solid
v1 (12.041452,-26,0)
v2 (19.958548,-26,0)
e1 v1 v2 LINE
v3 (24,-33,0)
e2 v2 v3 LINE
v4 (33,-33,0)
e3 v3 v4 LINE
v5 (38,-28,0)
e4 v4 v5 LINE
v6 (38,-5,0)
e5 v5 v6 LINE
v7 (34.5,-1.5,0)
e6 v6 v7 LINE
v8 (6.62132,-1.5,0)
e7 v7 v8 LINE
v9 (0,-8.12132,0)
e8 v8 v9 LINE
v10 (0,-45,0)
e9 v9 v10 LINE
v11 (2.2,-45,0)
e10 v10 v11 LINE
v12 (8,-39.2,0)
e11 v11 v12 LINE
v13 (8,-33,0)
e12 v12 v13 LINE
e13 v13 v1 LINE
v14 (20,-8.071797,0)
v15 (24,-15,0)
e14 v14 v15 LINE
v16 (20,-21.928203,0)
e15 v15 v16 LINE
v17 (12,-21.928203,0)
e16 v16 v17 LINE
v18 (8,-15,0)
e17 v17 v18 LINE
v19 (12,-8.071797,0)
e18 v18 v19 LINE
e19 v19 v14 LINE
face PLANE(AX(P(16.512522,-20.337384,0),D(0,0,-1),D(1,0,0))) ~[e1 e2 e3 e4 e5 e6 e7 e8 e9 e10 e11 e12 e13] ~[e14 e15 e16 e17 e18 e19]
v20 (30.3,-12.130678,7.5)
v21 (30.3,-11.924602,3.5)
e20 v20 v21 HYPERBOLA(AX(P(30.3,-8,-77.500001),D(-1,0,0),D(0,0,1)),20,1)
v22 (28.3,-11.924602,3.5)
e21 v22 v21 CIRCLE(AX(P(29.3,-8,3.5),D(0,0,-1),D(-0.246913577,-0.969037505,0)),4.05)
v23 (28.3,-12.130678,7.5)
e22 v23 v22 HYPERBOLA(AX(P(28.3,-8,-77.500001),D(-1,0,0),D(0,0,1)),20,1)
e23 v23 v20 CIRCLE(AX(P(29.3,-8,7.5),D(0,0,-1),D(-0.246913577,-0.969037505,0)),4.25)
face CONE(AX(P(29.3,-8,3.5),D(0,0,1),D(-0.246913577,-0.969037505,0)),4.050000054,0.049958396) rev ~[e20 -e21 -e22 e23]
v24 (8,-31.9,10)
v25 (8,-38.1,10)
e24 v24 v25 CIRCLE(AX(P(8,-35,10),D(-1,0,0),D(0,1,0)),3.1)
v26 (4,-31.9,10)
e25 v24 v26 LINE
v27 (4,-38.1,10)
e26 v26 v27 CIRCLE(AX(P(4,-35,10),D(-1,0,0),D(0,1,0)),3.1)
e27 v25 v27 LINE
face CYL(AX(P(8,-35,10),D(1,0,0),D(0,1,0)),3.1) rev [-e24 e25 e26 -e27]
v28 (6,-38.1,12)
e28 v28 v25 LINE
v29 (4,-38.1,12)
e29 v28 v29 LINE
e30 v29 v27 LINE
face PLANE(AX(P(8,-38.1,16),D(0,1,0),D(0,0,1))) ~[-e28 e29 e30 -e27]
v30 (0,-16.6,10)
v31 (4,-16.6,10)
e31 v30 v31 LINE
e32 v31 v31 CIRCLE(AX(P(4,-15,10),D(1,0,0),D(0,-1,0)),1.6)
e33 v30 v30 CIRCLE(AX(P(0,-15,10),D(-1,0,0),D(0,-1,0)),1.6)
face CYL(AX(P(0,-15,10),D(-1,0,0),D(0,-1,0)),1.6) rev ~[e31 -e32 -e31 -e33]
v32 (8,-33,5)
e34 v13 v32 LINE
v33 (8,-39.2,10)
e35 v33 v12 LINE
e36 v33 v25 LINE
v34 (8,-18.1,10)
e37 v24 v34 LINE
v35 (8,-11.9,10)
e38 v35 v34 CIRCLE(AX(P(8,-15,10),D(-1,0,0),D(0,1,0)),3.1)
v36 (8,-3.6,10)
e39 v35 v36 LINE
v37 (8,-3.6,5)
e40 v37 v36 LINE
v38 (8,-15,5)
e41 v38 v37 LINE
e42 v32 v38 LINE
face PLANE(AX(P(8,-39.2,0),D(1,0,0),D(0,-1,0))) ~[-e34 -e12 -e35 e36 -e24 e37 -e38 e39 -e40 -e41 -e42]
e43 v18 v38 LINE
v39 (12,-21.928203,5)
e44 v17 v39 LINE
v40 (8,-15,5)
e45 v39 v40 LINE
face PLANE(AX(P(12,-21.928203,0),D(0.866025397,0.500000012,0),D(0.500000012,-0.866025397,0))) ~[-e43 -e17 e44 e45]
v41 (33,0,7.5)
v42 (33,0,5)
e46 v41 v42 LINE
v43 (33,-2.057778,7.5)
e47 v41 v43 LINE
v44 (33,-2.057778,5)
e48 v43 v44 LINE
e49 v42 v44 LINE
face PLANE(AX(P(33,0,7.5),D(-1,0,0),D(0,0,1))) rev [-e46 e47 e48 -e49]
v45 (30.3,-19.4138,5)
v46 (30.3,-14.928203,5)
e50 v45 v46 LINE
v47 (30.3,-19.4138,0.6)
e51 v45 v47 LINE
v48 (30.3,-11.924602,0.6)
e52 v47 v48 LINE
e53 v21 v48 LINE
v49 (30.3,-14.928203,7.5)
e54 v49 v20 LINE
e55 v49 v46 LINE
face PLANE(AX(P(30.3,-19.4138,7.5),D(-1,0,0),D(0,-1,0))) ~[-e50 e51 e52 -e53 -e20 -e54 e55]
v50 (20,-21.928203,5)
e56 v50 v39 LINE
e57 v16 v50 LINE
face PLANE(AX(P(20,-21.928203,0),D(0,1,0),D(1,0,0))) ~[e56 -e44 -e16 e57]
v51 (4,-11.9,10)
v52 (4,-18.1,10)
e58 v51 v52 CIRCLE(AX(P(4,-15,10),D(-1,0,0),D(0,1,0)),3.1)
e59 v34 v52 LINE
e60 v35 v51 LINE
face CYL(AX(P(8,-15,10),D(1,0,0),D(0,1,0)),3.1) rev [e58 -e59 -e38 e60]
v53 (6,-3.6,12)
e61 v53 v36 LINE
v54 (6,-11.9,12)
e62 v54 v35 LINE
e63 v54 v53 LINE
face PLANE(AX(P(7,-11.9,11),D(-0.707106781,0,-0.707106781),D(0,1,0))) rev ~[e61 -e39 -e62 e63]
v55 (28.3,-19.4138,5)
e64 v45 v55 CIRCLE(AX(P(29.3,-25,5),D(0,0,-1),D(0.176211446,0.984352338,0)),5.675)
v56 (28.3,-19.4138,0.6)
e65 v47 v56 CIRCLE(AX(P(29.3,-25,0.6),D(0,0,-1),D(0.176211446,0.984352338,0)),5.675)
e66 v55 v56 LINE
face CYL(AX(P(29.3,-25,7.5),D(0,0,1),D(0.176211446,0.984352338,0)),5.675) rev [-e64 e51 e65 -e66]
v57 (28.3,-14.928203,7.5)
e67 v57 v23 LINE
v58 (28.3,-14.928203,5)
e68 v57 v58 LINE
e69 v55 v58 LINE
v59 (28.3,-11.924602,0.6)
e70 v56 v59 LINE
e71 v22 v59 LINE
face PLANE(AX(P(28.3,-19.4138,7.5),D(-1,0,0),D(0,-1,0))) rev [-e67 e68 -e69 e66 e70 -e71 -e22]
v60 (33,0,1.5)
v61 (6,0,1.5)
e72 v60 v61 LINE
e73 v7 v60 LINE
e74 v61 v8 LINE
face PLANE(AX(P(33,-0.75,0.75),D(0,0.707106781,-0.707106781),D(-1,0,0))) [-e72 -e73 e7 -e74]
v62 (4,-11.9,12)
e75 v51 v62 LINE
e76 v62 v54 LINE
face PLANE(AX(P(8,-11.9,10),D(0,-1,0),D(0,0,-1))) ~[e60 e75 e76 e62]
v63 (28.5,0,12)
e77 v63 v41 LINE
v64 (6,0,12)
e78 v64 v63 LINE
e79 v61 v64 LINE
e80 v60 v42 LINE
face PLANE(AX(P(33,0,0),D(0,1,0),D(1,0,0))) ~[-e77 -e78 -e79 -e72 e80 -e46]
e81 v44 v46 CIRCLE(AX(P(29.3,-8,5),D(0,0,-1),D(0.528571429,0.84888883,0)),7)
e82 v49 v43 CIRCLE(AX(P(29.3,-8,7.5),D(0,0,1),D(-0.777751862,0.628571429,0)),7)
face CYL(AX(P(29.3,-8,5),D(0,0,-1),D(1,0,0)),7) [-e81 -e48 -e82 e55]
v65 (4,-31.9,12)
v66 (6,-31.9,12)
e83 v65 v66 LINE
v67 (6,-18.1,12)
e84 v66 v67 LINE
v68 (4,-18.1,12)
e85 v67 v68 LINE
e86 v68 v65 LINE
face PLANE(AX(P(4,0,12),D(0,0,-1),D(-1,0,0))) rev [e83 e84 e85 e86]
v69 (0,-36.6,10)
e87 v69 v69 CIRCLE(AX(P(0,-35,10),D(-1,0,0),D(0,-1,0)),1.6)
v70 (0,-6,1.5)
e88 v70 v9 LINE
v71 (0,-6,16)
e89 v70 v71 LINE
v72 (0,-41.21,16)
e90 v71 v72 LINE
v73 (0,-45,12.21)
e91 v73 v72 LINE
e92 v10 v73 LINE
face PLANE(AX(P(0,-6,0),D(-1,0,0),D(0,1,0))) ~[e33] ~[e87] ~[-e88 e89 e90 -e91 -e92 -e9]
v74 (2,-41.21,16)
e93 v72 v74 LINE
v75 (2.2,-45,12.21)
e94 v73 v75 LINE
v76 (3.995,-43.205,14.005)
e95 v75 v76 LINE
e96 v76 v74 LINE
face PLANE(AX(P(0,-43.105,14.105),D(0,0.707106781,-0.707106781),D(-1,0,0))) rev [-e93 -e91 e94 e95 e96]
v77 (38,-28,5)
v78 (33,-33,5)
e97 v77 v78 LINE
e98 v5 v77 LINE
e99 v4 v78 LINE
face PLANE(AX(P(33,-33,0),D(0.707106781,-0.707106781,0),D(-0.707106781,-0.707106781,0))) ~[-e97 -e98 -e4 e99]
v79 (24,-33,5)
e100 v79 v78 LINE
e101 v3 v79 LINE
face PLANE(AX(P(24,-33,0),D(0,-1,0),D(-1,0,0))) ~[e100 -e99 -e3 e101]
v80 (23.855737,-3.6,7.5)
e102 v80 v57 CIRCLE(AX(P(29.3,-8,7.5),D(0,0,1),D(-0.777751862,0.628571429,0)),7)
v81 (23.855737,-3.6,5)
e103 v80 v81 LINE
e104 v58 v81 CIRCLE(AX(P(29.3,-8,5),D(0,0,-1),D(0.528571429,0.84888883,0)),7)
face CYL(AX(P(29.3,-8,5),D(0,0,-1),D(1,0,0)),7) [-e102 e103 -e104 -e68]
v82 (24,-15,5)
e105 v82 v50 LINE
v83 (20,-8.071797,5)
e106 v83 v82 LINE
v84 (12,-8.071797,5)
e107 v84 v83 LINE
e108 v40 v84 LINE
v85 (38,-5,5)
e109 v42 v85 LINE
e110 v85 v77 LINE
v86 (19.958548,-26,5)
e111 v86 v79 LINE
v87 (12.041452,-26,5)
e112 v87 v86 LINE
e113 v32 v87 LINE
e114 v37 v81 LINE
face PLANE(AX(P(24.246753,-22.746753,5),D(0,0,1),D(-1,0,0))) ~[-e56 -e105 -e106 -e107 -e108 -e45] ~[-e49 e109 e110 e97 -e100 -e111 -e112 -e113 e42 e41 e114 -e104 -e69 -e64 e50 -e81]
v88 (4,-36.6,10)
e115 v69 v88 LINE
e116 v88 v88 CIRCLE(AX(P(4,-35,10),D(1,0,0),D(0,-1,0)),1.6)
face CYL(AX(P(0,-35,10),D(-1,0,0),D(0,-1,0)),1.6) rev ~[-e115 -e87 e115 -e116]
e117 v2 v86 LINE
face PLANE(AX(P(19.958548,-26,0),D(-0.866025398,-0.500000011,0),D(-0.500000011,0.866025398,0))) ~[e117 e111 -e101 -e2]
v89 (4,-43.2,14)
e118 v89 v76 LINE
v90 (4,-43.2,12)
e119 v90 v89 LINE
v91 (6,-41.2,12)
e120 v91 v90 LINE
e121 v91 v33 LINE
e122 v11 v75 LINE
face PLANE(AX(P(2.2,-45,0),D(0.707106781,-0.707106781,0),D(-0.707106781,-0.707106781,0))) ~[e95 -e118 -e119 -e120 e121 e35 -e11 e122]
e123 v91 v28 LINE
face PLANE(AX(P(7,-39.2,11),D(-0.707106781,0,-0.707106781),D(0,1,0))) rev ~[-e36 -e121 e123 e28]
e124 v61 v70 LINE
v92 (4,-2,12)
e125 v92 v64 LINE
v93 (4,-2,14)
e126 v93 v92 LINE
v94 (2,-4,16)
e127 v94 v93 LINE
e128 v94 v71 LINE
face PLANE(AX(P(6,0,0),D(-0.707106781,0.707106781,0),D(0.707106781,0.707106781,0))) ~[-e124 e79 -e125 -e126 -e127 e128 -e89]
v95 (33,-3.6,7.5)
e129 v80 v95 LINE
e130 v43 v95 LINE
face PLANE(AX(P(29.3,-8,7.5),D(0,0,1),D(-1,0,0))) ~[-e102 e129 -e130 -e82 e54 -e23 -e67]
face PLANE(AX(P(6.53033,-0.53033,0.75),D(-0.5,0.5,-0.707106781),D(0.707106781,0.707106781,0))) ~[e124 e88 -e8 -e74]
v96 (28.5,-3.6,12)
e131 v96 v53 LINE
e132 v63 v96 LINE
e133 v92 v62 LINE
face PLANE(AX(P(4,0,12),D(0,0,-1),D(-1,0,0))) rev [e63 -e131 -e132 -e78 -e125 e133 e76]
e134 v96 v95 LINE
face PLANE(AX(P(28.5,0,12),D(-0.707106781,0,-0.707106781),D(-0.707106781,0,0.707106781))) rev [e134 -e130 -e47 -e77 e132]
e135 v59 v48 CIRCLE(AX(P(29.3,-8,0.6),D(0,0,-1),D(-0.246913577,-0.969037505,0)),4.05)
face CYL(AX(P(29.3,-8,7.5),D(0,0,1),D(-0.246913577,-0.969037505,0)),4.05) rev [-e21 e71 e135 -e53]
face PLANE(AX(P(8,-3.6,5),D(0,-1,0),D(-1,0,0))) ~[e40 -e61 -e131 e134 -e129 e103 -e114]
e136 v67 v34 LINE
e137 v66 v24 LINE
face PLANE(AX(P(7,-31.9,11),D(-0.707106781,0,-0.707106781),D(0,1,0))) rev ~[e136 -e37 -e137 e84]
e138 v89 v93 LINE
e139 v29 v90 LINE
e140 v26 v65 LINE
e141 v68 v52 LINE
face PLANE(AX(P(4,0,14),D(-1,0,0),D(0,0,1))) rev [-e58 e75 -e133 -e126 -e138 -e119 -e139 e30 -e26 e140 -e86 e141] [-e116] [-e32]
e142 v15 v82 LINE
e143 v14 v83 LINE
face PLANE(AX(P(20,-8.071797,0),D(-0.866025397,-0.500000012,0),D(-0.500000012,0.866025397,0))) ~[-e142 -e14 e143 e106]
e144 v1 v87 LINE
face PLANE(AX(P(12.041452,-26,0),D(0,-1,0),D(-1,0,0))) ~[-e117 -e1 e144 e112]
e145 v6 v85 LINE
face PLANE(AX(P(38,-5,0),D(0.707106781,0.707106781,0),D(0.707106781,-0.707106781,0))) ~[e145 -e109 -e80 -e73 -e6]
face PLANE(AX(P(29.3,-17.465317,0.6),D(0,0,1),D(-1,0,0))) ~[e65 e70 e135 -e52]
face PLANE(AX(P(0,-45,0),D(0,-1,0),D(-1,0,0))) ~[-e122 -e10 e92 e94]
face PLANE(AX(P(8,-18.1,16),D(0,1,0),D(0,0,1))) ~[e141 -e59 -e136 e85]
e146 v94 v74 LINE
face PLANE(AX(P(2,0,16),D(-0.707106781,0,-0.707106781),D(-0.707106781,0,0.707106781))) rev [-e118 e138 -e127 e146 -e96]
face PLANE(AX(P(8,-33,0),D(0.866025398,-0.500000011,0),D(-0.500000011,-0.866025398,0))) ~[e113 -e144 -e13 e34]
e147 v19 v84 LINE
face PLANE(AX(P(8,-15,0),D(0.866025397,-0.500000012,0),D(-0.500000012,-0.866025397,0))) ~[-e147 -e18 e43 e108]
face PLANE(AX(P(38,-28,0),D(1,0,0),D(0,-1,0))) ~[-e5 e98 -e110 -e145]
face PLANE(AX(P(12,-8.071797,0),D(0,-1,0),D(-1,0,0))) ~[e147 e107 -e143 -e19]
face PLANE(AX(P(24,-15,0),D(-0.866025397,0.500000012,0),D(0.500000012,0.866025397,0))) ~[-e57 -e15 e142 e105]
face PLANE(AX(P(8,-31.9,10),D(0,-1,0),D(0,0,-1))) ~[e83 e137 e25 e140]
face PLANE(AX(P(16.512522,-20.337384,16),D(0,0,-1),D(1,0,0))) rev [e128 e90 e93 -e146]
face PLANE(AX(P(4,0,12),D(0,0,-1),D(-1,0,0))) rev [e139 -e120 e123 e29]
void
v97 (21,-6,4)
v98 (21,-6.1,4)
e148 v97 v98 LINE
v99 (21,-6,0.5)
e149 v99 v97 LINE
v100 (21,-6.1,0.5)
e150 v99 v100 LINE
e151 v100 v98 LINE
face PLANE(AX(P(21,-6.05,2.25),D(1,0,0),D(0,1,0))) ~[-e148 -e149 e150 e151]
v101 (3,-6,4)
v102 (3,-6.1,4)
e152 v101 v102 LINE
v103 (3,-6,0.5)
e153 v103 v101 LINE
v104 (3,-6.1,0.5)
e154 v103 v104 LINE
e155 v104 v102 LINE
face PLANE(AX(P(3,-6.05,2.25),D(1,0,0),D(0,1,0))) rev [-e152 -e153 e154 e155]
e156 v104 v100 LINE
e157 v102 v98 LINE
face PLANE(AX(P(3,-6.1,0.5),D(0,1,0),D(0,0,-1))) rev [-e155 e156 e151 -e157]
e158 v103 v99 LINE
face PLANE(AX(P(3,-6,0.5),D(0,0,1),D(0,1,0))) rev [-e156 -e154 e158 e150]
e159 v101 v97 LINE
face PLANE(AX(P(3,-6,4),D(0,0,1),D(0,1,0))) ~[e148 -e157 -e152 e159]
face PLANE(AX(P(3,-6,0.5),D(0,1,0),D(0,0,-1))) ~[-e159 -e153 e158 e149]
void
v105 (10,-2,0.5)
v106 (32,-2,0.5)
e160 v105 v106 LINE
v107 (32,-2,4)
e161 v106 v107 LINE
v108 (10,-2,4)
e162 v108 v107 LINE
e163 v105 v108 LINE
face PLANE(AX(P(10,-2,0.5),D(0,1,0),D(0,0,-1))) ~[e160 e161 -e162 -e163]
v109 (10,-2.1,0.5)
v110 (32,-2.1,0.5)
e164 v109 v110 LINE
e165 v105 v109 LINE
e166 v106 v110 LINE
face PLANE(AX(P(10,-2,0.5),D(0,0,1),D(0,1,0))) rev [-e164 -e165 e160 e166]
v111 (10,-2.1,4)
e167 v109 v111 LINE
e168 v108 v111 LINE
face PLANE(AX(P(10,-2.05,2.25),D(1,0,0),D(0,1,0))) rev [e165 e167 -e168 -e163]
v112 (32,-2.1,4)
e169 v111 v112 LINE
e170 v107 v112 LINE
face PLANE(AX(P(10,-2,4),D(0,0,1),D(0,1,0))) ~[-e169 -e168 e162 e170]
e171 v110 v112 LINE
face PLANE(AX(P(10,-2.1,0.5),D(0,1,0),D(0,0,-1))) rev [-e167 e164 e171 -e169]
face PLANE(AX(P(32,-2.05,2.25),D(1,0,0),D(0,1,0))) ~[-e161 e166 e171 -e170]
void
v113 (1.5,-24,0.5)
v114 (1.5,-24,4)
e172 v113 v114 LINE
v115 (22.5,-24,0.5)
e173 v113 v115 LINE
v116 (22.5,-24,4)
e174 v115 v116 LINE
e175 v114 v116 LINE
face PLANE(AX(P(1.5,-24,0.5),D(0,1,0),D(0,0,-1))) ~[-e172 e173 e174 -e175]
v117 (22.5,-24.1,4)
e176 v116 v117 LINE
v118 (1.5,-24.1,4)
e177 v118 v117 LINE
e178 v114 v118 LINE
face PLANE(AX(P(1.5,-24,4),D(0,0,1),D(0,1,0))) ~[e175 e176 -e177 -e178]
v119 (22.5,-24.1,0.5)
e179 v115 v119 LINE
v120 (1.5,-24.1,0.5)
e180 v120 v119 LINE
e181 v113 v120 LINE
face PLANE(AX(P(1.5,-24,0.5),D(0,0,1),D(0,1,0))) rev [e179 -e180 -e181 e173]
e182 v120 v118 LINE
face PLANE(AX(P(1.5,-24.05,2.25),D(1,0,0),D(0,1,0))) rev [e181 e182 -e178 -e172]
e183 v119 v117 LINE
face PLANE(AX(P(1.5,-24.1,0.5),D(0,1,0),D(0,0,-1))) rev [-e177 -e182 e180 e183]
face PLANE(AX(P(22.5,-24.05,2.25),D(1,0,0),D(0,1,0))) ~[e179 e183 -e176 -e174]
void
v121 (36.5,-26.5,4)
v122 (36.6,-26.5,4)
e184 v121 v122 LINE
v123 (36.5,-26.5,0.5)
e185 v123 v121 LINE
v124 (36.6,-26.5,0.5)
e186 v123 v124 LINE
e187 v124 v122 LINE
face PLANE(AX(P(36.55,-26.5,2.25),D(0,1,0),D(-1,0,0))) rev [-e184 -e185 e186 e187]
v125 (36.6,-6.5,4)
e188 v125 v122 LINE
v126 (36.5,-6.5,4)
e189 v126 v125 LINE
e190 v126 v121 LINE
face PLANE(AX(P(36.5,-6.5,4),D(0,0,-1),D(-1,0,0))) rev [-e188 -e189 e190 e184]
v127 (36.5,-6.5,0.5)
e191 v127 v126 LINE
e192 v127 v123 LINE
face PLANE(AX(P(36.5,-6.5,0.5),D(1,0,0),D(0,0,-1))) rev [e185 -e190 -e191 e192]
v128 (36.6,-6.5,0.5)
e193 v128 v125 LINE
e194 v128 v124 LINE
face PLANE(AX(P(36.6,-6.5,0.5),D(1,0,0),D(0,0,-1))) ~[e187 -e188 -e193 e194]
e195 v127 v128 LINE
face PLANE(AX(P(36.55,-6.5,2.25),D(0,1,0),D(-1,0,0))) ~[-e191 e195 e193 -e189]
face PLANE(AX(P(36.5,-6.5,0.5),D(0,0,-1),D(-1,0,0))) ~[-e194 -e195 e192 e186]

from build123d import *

# Parameters (mm, degrees)
PAD_DEPTH        = 16
POCKET_DEPTH     = 45.001
POCKET001_DEPTH  = 11.001
SKETCH003_R      = 7
PAD001_DEPTH     = 2.5
POCKET002_DEPTH  = 6.9
SKETCH005_R      = 1.6
POCKET003_DEPTH  = 38.001
POCKET004_DEPTH  = 4
CHAMFER_SIZE     = 2
CHAMFER001_SIZE  = 3.79
CHAMFER002_SIZE  = 1.5
CHAMFER003_SIZE2 = 4
CHAMFER003_SIZE  = 0.2
SKETCH007_W      = 0.1
SKETCH007_H      = 3.5
POCKET005_DEPTH  = 21
SKETCH008_W      = 0.1
SKETCH008_H      = 3.5
POCKET006_DEPTH  = 18
SKETCH009_W      = 0.1
SKETCH009_H      = 3.5
POCKET007_DEPTH  = 22
SKETCH010_W      = 0.1
SKETCH010_H      = 3.5
POCKET008_DEPTH  = 20


with BuildPart() as body001:
    # Sketch → Pad (new body)
    with BuildSketch(Plane.XY):
        Polygon((0, 45), (2.2, 45), (8, 39.2), (8, 33), (12.041452, 26), (19.958548, 26), (24, 33), (33, 33), (38, 28), (38, 5), (33, 0), (6, 0), (0, 6), align=None)
        Polygon((20, 21.928203), (12, 21.928203), (8, 15), (12, 8.071797), (20, 8.071797), (24, 15), align=None, mode=Mode.SUBTRACT)
    extrude(amount=PAD_DEPTH)

    # Sketch001 → Pocket (cut, through all)
    with BuildSketch(Plane.XZ):
        Polygon((0, 16), (2, 16), (4, 14), (4, 12), (28.5, 12), (33, 7.5), (33, 5), (39, 5), (39, 17), (0, 17), align=None)
    extrude(amount=-POCKET_DEPTH, mode=Mode.SUBTRACT)

    # Sketch002 → Pocket001 (cut, through all)
    with BuildSketch(Plane.XY.offset(5)):
        Polygon((8, 45), (8, 3.6), (33, 3.6), (33, -1), (39, -1), (39, 45), align=None)
    extrude(amount=POCKET001_DEPTH, mode=Mode.SUBTRACT)

    # Sketch003 → Pad001 (join)
    with BuildSketch(Plane.XY.offset(5)):
        with Locations((29.3, 8)):
            Circle(SKETCH003_R)
    extrude(amount=PAD001_DEPTH)

    # Sketch004 → Pocket002 (cut)
    with BuildSketch(Plane.XY.offset(7.5)):
        with BuildLine():
            ThreePointArc((30.3, 19.4138), (29.3, 30.675), (28.3, 19.4138))
            Line((28.3, 19.4138), (28.3, 11.924602))
            ThreePointArc((28.3, 11.924602), (29.3, 3.95), (30.3, 11.924602))
            Line((30.3, 19.4138), (30.3, 11.924602))
        make_face()
    extrude(amount=-POCKET002_DEPTH, mode=Mode.SUBTRACT)

    # Sketch005 → Pocket003 (cut, through all)
    with BuildSketch(Plane.YZ):
        with Locations((15, 10)):
            Circle(SKETCH005_R)
        with Locations((35, 10)):
            Circle(SKETCH005_R)
    extrude(amount=POCKET003_DEPTH, mode=Mode.SUBTRACT)

    # Sketch006 → Pocket004 (cut)
    with BuildSketch(Plane.YZ.offset(8)):
        with BuildLine():
            ThreePointArc((11.9, 10), (15, 6.9), (18.1, 10))
            Line((18.1, 16), (18.1, 10))
            Line((11.9, 16), (18.1, 16))
            Line((11.9, 10), (11.9, 16))
        make_face()
        with BuildLine():
            ThreePointArc((31.9, 10), (35, 6.9), (38.1, 10))
            Line((38.1, 16), (38.1, 10))
            Line((31.9, 16), (38.1, 16))
            Line((31.9, 10), (31.9, 16))
        make_face()
    extrude(amount=-POCKET004_DEPTH, mode=Mode.SUBTRACT)

    # Chamfer
    chamfer_edges = [body001.edges().sort_by_distance(p)[0] for p in [
        (8, 7.75, 12),
        (8, 25, 12),
        (8, 38.65, 12),
    ]]
    chamfer(chamfer_edges, length=CHAMFER_SIZE)

    # Chamfer001
    chamfer001_edges = [body001.edges().sort_by_distance(p)[0] for p in [
        (1, 45, 16),
    ]]
    chamfer(chamfer001_edges, length=CHAMFER001_SIZE)

    # Chamfer002
    chamfer002_edges = [body001.edges().sort_by_distance(p)[0] for p in [
        (3, 3, 0),
        (19.5, 0, 0),
    ]]
    chamfer(chamfer002_edges, length=CHAMFER002_SIZE)

    # Chamfer003
    chamfer003_edges = [body001.edges().sort_by_distance(p)[0] for p in [
        (29.3, 3.95, 7.5),
    ]]
    chamfer003_side = body001.faces().sort_by_distance((33.19017, 2.828889, 7.5))[0]
    chamfer(chamfer003_edges, length=CHAMFER003_SIZE, length2=CHAMFER003_SIZE2, reference=chamfer003_side)

    # Sketch007 → Pocket005 (cut)
    with BuildSketch(Plane.YZ.offset(1.5)):
        with Locations((24.05, 2.25)):
            Rectangle(SKETCH007_W, SKETCH007_H)
    extrude(amount=POCKET005_DEPTH, mode=Mode.SUBTRACT)

    # Sketch008 → Pocket006 (cut)
    with BuildSketch(Plane.YZ.offset(3)):
        with Locations((6.05, 2.25)):
            Rectangle(SKETCH008_W, SKETCH008_H)
    extrude(amount=POCKET006_DEPTH, mode=Mode.SUBTRACT)

    # Sketch009 → Pocket007 (cut)
    with BuildSketch(Plane.YZ.offset(10)):
        with Locations((2.05, 2.25)):
            Rectangle(SKETCH009_W, SKETCH009_H)
    extrude(amount=POCKET007_DEPTH, mode=Mode.SUBTRACT)

    # Sketch010 → Pocket008 (cut)
    with BuildSketch(Plane.XZ.offset(-6.5)):
        with Locations((36.55, 2.25)):
            Rectangle(SKETCH010_W, SKETCH010_H)
    extrude(amount=-POCKET008_DEPTH, mode=Mode.SUBTRACT)


with BuildPart() as z_axis_top_l:
    # Part__Mirroring: instance of Body001
    add(body001.part.mirror(Plane(origin=(0, 0, 0), x_dir=(1, 0, 0), z_dir=(0, 1, 0))))


solid = z_axis_top_l.part
